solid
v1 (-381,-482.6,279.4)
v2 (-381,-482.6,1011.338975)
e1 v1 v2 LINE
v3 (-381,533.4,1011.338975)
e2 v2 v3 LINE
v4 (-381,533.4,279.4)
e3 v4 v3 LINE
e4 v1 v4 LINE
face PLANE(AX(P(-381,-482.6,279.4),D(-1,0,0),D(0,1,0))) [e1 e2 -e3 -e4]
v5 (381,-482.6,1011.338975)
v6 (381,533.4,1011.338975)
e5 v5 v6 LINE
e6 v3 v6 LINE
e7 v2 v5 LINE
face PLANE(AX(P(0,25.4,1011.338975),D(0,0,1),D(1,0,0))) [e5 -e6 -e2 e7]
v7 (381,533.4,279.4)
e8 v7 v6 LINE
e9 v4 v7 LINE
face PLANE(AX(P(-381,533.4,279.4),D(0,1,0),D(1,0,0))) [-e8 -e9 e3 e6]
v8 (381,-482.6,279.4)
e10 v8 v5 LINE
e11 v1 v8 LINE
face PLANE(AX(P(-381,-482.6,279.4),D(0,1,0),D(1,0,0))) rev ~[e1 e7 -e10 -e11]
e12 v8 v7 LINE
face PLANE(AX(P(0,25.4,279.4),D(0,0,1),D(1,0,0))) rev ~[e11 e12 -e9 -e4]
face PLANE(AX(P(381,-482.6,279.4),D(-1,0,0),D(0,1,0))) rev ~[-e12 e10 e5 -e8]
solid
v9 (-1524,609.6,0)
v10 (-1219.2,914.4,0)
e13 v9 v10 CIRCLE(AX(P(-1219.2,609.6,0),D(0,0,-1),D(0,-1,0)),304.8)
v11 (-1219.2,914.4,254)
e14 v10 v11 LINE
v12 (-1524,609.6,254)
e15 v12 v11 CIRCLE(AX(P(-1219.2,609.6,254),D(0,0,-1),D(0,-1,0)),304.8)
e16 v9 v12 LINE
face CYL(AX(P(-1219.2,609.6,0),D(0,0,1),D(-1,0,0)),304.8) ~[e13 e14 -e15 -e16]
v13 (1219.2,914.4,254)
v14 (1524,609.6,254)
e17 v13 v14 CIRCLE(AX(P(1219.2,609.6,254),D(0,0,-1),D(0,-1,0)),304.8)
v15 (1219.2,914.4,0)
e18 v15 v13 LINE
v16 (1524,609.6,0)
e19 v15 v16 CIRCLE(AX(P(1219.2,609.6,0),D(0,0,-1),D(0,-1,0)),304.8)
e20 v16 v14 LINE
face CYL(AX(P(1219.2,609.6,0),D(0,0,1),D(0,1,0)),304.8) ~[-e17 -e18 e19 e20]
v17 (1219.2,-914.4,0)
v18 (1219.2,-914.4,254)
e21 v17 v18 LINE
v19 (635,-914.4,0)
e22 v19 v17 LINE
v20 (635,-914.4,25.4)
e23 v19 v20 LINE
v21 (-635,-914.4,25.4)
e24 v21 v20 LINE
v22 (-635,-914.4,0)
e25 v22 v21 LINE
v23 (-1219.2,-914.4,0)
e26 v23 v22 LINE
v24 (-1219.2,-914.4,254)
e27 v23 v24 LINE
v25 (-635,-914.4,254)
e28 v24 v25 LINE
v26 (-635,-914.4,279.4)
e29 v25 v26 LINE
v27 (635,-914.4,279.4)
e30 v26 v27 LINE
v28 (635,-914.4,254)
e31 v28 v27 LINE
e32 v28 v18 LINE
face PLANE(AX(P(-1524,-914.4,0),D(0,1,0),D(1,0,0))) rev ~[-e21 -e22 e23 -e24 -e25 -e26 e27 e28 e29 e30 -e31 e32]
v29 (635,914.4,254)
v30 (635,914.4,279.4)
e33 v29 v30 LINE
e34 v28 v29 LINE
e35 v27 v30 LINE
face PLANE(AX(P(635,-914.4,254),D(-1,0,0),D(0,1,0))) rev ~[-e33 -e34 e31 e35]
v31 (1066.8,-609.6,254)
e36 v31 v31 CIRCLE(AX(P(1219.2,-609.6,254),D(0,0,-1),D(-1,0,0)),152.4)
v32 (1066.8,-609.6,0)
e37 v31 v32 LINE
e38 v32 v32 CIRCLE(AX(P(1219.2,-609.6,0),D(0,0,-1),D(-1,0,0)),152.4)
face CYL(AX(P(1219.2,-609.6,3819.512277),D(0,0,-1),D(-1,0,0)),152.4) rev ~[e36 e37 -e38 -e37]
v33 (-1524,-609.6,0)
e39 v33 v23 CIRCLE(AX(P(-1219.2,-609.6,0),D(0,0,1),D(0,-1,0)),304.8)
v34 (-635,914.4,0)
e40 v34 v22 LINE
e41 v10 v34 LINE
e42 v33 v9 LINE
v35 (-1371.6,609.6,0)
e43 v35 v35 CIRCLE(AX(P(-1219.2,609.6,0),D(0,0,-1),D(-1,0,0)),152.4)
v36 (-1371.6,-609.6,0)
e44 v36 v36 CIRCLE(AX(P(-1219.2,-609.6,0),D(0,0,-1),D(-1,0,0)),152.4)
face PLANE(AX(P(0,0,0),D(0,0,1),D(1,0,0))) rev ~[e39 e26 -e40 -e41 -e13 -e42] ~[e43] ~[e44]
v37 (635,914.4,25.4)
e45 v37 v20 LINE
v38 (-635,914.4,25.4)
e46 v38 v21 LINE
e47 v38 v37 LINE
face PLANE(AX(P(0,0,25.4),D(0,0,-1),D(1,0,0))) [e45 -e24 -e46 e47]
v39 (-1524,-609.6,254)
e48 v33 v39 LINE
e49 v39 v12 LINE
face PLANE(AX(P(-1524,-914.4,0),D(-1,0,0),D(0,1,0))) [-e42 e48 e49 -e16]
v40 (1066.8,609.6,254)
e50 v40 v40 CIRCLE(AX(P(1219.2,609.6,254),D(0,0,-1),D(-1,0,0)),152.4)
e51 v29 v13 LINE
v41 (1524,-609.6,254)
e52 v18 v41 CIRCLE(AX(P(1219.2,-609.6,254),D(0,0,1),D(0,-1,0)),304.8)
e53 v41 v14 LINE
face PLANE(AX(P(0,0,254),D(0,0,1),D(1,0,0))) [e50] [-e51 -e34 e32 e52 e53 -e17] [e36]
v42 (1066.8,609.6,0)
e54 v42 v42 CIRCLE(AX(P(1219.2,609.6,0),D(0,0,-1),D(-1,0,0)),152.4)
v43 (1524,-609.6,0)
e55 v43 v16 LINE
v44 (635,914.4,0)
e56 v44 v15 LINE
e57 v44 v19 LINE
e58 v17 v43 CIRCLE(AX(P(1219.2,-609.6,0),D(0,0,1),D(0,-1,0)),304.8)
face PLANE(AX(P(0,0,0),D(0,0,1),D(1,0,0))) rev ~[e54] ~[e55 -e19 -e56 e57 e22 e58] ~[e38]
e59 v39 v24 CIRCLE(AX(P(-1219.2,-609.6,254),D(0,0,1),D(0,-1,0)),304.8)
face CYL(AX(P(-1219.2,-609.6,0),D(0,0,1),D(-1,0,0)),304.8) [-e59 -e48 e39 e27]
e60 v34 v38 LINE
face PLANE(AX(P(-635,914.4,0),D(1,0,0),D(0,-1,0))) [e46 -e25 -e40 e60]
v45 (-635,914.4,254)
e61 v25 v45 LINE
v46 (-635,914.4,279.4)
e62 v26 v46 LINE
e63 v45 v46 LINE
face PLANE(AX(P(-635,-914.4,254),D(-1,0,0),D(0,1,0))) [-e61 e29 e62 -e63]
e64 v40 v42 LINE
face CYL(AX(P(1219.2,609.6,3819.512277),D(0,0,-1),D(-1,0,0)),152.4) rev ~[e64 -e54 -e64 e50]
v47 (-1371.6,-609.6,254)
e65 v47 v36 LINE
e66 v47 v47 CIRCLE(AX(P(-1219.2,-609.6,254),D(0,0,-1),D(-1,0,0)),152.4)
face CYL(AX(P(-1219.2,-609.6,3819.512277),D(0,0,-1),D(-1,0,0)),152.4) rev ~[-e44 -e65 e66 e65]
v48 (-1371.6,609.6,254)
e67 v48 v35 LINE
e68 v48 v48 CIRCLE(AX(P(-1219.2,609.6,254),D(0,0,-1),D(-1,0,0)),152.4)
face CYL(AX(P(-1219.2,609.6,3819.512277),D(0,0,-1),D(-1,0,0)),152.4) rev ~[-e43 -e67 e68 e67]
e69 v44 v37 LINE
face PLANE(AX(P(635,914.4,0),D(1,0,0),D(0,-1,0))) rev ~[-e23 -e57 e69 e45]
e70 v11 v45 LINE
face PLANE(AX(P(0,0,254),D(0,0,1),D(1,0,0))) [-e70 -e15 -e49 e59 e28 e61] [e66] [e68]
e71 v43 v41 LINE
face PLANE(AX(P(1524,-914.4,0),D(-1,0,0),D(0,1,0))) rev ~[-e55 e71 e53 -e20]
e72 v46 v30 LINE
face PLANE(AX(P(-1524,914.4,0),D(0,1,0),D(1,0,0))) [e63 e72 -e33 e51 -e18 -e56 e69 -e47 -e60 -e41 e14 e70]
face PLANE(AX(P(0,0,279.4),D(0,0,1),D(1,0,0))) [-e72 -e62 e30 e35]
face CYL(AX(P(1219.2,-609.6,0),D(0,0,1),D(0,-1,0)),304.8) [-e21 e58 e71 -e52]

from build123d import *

# Parameters (mm, degrees)
F0_W      = 3048
F0_H      = 1828.8
F1_DEPTH  = 254
F2_W      = 1270
F2_H      = 1828.8
F3_DEPTH  = 25.4
F4_W      = 1270
F4_H      = 1828.8
F5_DEPTH  = 25.4
F6_R      = 304.8
F9_D      = 304.8
F10_W     = 762
F10_H     = 1016
F11_DEPTH = 731.938975


with BuildPart() as f1:
    # F0 (on Top) → F1 (new body)
    with BuildSketch(Plane.XY):
        Rectangle(F0_W, F0_H)
    extrude(amount=F1_DEPTH)

    # F2 (on face) → F3 (join)
    with BuildSketch(Plane.XY.offset(254)):
        Rectangle(F2_W, F2_H)
    extrude(amount=F3_DEPTH)

    # F4 (on face) → F5 (cut)
    with BuildSketch(Plane(origin=(0, 0, 0), x_dir=(1, 0, 0), z_dir=(0, 0, -1))):
        Rectangle(F4_W, F4_H)
    extrude(amount=-F5_DEPTH, mode=Mode.SUBTRACT)

    # F6
    f6_edges = [f1.edges().sort_by_distance(p)[0] for p in [
        (1524, -914.4, 127),
        (1524, 914.4, 127),
        (-1524, -914.4, 127),
        (-1524, 914.4, 127),
    ]]
    fillet(f6_edges, radius=F6_R)

    # F9 (through all)
    with Locations(Plane.XY.offset(254)):
        with Locations((-1219.2, 609.6), (-1219.2, -609.6), (1219.2, 609.6), (1219.2, -609.6)):
            Hole(F9_D / 2)


with BuildPart() as f11:
    # F10 (on face) → F11 (new body)
    with BuildSketch(Plane.XY.offset(279.4)):
        with Locations((0, 25.4)):
            Rectangle(F10_W, F10_H)
    extrude(amount=F11_DEPTH)


solid = Compound([f1.part, f11.part])
